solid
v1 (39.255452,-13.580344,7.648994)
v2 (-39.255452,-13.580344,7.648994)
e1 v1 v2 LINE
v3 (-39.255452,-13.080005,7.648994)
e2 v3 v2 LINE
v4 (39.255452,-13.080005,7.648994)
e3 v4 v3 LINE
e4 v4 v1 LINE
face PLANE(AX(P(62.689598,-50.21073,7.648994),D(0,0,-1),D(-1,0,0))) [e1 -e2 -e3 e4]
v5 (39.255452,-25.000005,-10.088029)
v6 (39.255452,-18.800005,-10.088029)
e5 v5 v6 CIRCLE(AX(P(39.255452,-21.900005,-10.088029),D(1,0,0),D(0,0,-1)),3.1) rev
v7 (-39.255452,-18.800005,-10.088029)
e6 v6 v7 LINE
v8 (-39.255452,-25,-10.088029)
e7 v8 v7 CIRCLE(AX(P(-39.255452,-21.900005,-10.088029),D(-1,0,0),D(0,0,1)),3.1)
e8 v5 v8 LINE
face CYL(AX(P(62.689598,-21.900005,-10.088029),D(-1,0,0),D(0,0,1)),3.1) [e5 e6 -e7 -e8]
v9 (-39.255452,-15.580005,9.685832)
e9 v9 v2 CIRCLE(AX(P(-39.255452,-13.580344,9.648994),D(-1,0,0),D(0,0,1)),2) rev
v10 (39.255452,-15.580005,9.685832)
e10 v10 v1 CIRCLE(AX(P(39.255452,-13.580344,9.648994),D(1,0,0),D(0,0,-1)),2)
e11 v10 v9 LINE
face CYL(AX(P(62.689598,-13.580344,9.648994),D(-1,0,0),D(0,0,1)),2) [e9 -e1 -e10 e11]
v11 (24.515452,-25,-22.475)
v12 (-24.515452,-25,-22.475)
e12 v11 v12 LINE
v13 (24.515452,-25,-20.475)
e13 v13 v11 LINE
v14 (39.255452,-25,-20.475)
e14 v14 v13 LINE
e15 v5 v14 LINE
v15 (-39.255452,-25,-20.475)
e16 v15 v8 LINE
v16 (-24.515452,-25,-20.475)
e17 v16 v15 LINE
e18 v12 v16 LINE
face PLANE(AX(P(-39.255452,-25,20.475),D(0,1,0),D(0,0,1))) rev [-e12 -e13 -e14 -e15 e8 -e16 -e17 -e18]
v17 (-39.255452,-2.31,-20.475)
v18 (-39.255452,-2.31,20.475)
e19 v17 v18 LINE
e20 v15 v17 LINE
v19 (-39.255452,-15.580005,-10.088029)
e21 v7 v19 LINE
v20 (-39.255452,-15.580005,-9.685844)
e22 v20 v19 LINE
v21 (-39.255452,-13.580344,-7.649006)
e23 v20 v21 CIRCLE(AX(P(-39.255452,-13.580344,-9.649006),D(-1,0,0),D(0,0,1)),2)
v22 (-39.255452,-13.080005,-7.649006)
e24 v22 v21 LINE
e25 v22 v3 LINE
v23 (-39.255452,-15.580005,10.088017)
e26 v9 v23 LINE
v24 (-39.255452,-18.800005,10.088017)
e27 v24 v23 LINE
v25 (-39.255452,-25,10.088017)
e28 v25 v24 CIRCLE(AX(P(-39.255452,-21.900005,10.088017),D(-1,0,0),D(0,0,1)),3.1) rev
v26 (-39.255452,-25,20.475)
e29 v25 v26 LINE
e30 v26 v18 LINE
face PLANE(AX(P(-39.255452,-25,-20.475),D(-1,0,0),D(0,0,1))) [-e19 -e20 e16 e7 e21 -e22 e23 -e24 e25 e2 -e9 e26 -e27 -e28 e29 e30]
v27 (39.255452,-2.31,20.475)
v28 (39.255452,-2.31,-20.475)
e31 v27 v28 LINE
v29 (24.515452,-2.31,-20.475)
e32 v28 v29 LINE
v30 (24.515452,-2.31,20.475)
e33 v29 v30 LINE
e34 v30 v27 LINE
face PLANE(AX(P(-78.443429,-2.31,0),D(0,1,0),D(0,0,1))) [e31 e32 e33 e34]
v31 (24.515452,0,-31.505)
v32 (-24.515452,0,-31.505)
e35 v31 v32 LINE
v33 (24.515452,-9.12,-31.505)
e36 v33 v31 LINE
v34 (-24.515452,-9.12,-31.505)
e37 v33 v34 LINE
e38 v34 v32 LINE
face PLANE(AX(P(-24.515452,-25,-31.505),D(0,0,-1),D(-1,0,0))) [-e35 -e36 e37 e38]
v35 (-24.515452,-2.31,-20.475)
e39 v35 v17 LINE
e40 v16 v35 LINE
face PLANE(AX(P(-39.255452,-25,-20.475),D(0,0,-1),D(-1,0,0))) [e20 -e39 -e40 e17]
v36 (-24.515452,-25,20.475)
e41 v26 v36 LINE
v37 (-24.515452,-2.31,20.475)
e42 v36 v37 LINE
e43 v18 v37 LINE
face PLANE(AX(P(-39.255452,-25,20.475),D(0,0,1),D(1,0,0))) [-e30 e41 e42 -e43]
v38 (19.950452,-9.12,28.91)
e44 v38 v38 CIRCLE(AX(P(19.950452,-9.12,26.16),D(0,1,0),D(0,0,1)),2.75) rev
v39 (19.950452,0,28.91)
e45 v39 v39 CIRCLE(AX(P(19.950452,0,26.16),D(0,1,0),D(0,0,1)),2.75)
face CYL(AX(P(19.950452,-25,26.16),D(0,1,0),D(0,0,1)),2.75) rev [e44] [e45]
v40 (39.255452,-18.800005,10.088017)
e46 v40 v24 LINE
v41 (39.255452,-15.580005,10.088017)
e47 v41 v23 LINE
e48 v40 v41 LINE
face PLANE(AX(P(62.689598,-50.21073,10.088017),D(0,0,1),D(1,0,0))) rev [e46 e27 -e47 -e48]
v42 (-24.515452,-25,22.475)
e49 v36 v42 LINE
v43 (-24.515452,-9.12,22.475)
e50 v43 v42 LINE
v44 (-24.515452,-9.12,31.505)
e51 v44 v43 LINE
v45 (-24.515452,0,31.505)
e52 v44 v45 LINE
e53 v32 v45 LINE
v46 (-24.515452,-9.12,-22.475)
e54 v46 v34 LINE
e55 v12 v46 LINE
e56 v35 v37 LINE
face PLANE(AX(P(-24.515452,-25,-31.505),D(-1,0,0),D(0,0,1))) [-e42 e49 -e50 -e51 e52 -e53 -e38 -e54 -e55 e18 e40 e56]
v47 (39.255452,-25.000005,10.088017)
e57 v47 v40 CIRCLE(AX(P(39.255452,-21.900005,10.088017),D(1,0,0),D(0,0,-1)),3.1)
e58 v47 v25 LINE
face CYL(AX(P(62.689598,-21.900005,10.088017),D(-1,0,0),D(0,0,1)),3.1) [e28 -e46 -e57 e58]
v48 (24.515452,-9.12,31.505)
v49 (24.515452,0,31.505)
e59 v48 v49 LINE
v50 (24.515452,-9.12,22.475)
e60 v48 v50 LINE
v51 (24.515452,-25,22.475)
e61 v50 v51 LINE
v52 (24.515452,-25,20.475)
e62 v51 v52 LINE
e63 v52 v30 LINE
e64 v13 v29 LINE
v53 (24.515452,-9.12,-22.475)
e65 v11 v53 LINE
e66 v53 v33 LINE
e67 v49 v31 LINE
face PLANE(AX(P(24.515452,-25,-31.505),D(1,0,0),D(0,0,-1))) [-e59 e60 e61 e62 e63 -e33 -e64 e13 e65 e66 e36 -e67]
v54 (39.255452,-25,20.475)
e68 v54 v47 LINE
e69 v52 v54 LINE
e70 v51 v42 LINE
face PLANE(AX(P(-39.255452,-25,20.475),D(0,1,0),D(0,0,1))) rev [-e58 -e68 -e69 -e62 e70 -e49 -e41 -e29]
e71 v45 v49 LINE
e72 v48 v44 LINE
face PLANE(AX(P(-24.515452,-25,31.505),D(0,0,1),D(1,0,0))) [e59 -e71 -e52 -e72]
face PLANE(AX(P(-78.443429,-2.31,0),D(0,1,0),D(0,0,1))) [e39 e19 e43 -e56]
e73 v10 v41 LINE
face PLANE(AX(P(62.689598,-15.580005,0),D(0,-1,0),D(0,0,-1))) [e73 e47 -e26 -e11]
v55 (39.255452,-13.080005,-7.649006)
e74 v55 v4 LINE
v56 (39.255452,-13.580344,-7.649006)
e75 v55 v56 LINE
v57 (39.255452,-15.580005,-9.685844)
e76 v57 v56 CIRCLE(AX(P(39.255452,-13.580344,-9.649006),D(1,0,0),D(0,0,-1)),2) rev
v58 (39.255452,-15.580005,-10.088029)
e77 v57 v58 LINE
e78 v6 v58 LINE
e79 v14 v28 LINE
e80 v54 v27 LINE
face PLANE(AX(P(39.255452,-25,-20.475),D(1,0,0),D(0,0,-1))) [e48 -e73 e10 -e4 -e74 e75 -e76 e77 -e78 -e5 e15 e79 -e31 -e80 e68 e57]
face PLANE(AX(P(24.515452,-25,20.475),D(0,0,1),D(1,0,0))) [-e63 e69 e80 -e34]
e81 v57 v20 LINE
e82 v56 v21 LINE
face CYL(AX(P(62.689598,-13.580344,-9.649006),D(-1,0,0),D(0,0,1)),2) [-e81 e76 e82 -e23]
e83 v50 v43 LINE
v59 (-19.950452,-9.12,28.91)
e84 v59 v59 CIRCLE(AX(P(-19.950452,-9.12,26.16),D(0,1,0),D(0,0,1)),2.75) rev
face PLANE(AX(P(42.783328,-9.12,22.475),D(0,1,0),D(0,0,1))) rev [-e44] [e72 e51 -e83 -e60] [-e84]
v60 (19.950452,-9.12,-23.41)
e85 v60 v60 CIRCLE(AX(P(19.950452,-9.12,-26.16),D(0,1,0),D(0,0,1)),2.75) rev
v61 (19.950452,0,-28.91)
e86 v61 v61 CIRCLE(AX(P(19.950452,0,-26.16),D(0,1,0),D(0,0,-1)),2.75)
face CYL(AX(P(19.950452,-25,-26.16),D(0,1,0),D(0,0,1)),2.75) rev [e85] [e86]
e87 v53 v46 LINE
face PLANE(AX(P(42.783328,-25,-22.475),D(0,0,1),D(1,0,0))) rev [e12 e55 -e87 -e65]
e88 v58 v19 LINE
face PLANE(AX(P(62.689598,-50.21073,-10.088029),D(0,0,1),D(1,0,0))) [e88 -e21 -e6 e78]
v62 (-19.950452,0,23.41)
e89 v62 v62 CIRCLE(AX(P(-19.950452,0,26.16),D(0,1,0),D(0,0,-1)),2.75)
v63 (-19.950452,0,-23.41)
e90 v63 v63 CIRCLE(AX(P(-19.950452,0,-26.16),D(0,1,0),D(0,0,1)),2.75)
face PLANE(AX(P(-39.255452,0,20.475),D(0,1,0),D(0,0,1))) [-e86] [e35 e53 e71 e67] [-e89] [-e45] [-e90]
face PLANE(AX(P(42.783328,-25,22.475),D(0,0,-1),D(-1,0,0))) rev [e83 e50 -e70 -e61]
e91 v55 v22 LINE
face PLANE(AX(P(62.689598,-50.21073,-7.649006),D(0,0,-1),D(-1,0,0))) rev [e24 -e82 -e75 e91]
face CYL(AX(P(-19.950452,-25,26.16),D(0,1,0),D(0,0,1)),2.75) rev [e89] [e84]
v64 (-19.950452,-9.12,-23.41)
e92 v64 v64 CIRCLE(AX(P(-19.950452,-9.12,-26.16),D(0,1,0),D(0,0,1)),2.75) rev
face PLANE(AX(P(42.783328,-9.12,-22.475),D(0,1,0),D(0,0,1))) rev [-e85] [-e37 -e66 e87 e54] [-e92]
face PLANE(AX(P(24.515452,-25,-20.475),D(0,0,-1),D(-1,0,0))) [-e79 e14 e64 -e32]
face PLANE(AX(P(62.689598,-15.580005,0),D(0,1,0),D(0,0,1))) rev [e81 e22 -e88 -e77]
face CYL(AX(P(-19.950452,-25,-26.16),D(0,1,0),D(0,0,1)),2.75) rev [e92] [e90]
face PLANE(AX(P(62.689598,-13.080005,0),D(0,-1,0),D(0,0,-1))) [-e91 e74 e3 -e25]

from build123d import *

# Parameters (mm, degrees)
RESSALTO_EXTRUS_O1_DEPTH = 25
ESBO_O2_R                = 2.75
CORTE_EXTRUS_O1_DEPTH    = 25
ESBO_O3_W                = 14.74
ESBO_O3_H                = 40.95
CORTE_EXTRUS_O2_DEPTH    = 2.31
CORTE_EXTRUS_O4_START    = -49.030903
ESBO_O7_W                = 9.03
ESBO_O7_H                = 15.88
CORTE_EXTRUS_O4_DEPTH    = 49.030903
CORTE_EXTRUS_O5_DEPTH    = 78.510903247


with BuildPart() as part:
    # Esboço1 → Ressalto-extrusão1 (new body)
    with BuildSketch(Plane(origin=(0, 0, 0), x_dir=(1, 0, 0), z_dir=(0, 1, 0))):
        Polygon((-24.515451624, -20.475), (-24.515451624, -31.505), (24.515451624, -31.505), (24.515451624, -20.475), (39.255451624, -20.475), (39.255451624, 20.475), (24.515451624, 20.475), (24.515451624, 31.505), (-24.515451624, 31.505), (-24.515451624, 20.475), (-39.255451624, 20.475), (-39.255451624, -20.475), align=None)
    extrude(amount=-RESSALTO_EXTRUS_O1_DEPTH)

    # Esboço2 → Corte-extrusão1 (cut)
    with BuildSketch(Plane(origin=(0, 0, 0), x_dir=(1, 0, 0), z_dir=(0, 1, 0))):
        with Locations(Location((-19.950451624, 26.16, 0), (0, 0, 270))):
            Circle(ESBO_O2_R)
        with Locations(Location((19.950451624, 26.16, 0), (0, 0, 90))):
            Circle(ESBO_O2_R)
        with Locations(Location((19.950451624, -26.16, 0), (0, 0, 270))):
            Circle(ESBO_O2_R)
        with Locations(Location((-19.950451624, -26.16, 0), (0, 0, 90))):
            Circle(ESBO_O2_R)
    extrude(amount=-CORTE_EXTRUS_O1_DEPTH, mode=Mode.SUBTRACT)

    # Esboço3 → Corte-extrusão2 (cut)
    with BuildSketch(Plane(origin=(0, 0, 0), x_dir=(1, 0, 0), z_dir=(0, 1, 0))):
        with Locations((31.885451624, 0)):
            Rectangle(ESBO_O3_W, ESBO_O3_H)
        with Locations((-31.885451624, 0)):
            Rectangle(ESBO_O3_W, ESBO_O3_H)
    extrude(amount=-CORTE_EXTRUS_O2_DEPTH, mode=Mode.SUBTRACT)

    # Esboço7 → Corte-extrusão4 (cut)
    with BuildSketch(Plane.ZY.offset(24.515451624).offset(CORTE_EXTRUS_O4_START)):
        with Locations((-26.99, -17.06)):
            Rectangle(ESBO_O7_W, ESBO_O7_H)
        with Locations((26.99, -17.06)):
            Rectangle(ESBO_O7_W, ESBO_O7_H)
    extrude(amount=CORTE_EXTRUS_O4_DEPTH, mode=Mode.SUBTRACT)

    # Esboço5 → Corte-extrusão5 (cut)
    with BuildSketch(Plane.ZY.offset(39.255451624)):
        with BuildLine():
            Line((-10.088028961, -25.000004947), (10.088017042, -25.000004947))
            ThreePointArc((10.088017042, -25.000004947), (6.988017042, -21.900004947), (10.088017042, -18.800004947))
            Line((10.088017042, -18.800004947), (10.088017042, -15.580004947))
            Line((10.088017042, -15.580004947), (9.685831834, -15.580004947))
            ThreePointArc((9.685831834, -15.580004947), (8.247865132, -15.007522497), (7.648994034, -13.580344232))
            Line((7.648994034, -13.580344232), (7.648994034, -13.080004947))
            Line((7.648994034, -13.080004947), (-7.649005954, -13.080004947))
            Line((-7.649005954, -13.080004947), (-7.649005954, -13.580344232))
            ThreePointArc((-7.649005954, -13.580344232), (-8.247877052, -15.007522497), (-9.685843753, -15.580004947))
            Line((-9.685843753, -15.580004947), (-10.088028961, -15.580004947))
            Line((-10.088028961, -15.580004947), (-10.088028961, -18.800004947))
            ThreePointArc((-10.088028961, -18.800004947), (-6.988028961, -21.900004947), (-10.088028961, -25.000004947))
        make_face()
    extrude(amount=-CORTE_EXTRUS_O5_DEPTH, mode=Mode.SUBTRACT)


solid = part.part
